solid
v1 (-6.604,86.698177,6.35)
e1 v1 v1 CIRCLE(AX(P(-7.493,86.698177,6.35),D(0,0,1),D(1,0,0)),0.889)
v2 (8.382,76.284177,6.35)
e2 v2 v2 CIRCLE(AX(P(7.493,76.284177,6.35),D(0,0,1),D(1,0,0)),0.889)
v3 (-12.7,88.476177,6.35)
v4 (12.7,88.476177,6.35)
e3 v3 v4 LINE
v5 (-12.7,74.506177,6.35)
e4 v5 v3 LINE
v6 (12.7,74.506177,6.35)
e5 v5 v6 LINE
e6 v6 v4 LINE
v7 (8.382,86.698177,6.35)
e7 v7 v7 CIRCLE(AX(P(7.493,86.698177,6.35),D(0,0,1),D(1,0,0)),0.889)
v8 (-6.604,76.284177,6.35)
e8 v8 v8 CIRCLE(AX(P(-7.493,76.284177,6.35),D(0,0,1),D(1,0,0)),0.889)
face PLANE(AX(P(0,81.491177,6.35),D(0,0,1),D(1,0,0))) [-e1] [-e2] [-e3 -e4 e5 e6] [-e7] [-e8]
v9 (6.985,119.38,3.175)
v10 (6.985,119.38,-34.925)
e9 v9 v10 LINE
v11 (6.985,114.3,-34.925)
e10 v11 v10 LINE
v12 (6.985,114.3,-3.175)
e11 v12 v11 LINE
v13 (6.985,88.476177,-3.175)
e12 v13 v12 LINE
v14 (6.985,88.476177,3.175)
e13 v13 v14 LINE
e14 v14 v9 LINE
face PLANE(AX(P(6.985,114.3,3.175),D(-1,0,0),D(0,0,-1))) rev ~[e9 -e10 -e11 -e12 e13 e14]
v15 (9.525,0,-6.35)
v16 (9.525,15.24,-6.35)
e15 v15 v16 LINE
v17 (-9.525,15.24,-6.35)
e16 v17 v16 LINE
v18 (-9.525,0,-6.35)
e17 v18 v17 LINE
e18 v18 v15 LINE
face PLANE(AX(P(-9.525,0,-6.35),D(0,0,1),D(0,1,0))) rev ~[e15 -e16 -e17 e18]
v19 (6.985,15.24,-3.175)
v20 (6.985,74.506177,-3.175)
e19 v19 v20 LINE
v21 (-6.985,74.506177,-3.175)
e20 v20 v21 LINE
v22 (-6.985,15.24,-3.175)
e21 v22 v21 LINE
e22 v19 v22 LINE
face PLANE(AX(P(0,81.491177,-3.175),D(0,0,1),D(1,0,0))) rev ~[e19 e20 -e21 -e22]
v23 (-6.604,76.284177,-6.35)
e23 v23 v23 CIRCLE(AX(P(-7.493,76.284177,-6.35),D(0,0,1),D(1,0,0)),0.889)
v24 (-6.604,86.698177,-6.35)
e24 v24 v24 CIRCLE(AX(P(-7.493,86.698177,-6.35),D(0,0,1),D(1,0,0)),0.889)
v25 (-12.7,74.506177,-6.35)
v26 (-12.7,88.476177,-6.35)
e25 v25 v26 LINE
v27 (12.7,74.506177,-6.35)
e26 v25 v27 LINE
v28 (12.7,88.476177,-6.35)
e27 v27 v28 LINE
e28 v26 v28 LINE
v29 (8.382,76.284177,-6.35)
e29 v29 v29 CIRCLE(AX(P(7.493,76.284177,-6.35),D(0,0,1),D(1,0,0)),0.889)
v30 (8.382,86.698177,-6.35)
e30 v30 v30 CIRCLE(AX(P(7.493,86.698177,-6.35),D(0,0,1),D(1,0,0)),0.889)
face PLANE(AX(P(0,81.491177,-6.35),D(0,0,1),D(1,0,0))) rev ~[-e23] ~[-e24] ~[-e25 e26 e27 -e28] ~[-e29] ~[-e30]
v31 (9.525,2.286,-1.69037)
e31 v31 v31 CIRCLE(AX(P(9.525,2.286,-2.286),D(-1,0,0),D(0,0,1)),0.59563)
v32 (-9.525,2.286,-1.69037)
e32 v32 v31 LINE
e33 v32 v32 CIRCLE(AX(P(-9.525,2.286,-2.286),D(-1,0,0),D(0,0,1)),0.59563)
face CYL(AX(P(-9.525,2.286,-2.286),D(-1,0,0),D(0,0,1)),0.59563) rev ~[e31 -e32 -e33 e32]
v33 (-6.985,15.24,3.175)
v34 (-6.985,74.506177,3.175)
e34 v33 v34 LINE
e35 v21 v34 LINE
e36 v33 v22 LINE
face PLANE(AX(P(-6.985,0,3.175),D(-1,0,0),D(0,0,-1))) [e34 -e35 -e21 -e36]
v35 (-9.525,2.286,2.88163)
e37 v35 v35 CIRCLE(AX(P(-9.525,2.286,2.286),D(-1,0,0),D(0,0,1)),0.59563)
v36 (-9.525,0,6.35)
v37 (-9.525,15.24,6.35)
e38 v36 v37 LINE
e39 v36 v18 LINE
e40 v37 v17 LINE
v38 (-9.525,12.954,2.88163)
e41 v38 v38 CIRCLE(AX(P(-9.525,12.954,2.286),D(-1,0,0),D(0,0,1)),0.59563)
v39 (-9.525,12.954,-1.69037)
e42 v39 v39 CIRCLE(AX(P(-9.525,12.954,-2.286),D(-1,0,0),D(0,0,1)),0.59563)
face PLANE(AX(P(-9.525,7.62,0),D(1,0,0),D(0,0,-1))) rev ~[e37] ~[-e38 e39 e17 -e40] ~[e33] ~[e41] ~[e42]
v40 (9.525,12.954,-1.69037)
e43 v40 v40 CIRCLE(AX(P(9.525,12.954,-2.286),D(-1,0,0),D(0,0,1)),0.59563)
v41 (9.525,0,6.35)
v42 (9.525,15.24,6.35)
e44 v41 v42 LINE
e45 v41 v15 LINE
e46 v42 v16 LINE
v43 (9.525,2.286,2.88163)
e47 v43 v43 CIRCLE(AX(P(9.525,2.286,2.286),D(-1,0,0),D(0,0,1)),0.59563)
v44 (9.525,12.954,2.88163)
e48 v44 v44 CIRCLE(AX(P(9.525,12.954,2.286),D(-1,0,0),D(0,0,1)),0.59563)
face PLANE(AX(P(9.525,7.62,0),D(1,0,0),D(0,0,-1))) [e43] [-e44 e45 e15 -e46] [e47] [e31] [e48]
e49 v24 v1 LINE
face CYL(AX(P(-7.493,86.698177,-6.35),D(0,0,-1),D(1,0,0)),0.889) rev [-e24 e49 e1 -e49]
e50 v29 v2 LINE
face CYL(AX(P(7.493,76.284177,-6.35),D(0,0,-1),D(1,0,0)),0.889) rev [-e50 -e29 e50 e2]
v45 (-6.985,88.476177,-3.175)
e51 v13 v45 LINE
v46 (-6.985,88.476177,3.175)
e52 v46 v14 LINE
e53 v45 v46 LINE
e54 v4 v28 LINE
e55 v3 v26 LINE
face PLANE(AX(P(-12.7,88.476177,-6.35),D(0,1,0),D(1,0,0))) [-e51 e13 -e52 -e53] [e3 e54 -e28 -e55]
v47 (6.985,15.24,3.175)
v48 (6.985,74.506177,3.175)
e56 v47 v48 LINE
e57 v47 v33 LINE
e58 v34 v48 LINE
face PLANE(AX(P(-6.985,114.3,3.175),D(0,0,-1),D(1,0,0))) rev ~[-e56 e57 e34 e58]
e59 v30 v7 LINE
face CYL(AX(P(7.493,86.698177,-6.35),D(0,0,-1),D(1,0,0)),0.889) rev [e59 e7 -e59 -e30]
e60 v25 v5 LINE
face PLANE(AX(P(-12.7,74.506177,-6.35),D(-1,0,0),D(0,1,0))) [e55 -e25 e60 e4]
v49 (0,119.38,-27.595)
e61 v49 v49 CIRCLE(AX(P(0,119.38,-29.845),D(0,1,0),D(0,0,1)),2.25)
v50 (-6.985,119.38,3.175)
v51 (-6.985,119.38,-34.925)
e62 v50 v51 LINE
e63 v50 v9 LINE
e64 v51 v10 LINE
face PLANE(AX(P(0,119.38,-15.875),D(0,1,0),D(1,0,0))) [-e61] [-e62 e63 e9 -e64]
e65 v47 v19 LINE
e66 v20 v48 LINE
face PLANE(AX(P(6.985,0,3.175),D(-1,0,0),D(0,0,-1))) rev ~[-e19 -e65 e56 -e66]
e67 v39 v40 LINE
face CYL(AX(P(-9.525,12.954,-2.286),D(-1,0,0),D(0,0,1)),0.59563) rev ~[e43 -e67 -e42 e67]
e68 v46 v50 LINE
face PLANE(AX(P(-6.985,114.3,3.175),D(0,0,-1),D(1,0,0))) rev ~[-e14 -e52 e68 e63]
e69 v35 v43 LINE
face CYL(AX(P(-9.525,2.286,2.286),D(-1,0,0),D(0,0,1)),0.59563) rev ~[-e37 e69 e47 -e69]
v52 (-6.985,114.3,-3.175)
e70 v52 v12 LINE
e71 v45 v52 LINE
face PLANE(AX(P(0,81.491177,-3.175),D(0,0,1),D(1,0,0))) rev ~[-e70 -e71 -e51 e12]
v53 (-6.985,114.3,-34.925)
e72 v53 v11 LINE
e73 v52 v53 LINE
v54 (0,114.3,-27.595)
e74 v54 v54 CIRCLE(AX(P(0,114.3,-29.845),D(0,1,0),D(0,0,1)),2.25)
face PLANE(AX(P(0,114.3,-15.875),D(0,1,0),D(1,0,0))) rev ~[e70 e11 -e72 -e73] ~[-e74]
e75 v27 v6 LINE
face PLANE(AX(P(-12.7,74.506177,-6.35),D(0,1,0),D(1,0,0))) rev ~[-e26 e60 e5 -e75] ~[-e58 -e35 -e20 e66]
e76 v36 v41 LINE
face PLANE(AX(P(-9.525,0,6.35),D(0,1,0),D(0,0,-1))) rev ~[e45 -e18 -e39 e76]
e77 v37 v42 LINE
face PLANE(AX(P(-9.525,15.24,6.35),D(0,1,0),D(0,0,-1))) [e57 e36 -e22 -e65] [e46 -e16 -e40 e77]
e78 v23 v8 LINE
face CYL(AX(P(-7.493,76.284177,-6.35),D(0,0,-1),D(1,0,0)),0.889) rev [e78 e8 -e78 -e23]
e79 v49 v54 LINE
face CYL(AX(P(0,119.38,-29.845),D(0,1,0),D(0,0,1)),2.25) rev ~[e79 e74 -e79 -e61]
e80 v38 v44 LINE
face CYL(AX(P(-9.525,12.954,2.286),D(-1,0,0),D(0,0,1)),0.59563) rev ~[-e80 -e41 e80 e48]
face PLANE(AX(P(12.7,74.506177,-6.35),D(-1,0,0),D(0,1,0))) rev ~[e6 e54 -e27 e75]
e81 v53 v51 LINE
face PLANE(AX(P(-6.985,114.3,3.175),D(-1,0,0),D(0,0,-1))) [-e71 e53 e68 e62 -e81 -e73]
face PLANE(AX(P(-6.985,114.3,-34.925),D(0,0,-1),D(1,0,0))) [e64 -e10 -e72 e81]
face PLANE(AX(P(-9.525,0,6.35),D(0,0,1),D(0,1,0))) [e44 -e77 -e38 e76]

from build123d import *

# Parameters (mm, degrees)
SKETCH1_W                = 13.97
SKETCH1_H                = 6.35
BOSS_EXTRUDE1_DEPTH      = 114.3
SKETCH3_W                = 25.4
SKETCH3_H                = 13.97
BOSS_EXTRUDE3_DEPTH      = 6.35
BOSS_EXTRUDE5_DEPTH      = 9.525
BOSS_EXTRUDE5_DEPTH_BACK = 9.525
SKETCH5_W                = 12.7
SKETCH5_H                = 15.24
SKETCH6_W                = 13.97
SKETCH6_H                = 38.1
BOSS_EXTRUDE6_DEPTH      = 5.08
SKETCH7_R                = 2.25
CUT_EXTRUDE1_DEPTH       = 5.08
SKETCH8_R                = 0.59563
CUT_EXTRUDE2_DEPTH       = 127.353831165
SKETCH9_R                = 0.889
CUT_EXTRUDE3_DEPTH       = 126.954294885
BOSS_EXTRUDE7_DEPTH      = 6.35
BOSS_EXTRUDE7_DEPTH_BACK = 6.35
SKETCH10_W               = 25.4
SKETCH10_H               = 13.97
SKETCH10_R               = 0.889


with BuildPart() as part:
    # Sketch1 → Boss-Extrude1 (new body)
    with BuildSketch(Plane(origin=(0, 0, 0), x_dir=(1, 0, 0), z_dir=(0, 1, 0))):
        Rectangle(SKETCH1_W, SKETCH1_H)
    extrude(amount=BOSS_EXTRUDE1_DEPTH)

    # Sketch3 → Boss-Extrude3 (add)
    with BuildSketch(Plane.XY.offset(3.175)):
        with Locations((0, 81.491176781)):
            Rectangle(SKETCH3_W, SKETCH3_H)
    extrude(amount=-BOSS_EXTRUDE3_DEPTH)

    # Sketch5 → Boss-Extrude5 (add, two sides: drawn at the far end of the back side and taken through both)
    with BuildSketch(Plane(origin=(0, 0, 0), x_dir=(0, 0, -1), z_dir=(1, 0, 0)).offset(-BOSS_EXTRUDE5_DEPTH_BACK)):
        with Locations((0, 7.62)):
            Rectangle(SKETCH5_W, SKETCH5_H)
    extrude(amount=BOSS_EXTRUDE5_DEPTH + BOSS_EXTRUDE5_DEPTH_BACK)

    # Sketch6 → Boss-Extrude6 (add)
    with BuildSketch(Plane(origin=(0, 114.3, 0), x_dir=(1, 0, 0), z_dir=(0, 1, 0))):
        with Locations((0, 15.875)):
            Rectangle(SKETCH6_W, SKETCH6_H)
    extrude(amount=BOSS_EXTRUDE6_DEPTH)

    # Sketch7 → Cut-Extrude1 (cut)
    with BuildSketch(Plane(origin=(0, 119.38, 0), x_dir=(1, 0, 0), z_dir=(0, 1, 0))):
        with Locations(Location((0, 29.845, 0), (0, 0, 270))):
            Circle(SKETCH7_R)
    extrude(amount=-CUT_EXTRUDE1_DEPTH, mode=Mode.SUBTRACT)

    # Sketch8 → Cut-Extrude2 (cut, through all)
    with BuildSketch(Plane.ZY.offset(9.525)):
        with Locations((-2.286, 12.954)):
            Circle(SKETCH8_R)
        with Locations((2.286, 12.954)):
            Circle(SKETCH8_R)
        with Locations((2.286, 2.286)):
            Circle(SKETCH8_R)
        with Locations((-2.286, 2.286)):
            Circle(SKETCH8_R)
    extrude(amount=-CUT_EXTRUDE2_DEPTH, mode=Mode.SUBTRACT)

    # Sketch9 → Cut-Extrude3 (cut, through all)
    with BuildSketch(Plane.XY.offset(3.175)):
        with Locations((-7.493, 86.698176781)):
            Circle(SKETCH9_R)
        with Locations((7.493, 86.698176781)):
            Circle(SKETCH9_R)
        with Locations((7.493, 76.284176781)):
            Circle(SKETCH9_R)
        with Locations((-7.493, 76.284176781)):
            Circle(SKETCH9_R)
    extrude(amount=-CUT_EXTRUDE3_DEPTH, mode=Mode.SUBTRACT)

    # Sketch10 → Boss-Extrude7 (add, two sides: drawn at the far end of the back side and taken through both)
    with BuildSketch(Plane.XY.offset(-BOSS_EXTRUDE7_DEPTH_BACK)):
        with Locations((0, 81.491176781)):
            Rectangle(SKETCH10_W, SKETCH10_H)
        with Locations((-7.493, 86.698176781)):
            Circle(SKETCH10_R, mode=Mode.SUBTRACT)
        with Locations((-7.493, 76.284176781)):
            Circle(SKETCH10_R, mode=Mode.SUBTRACT)
        with Locations((7.493, 76.284176781)):
            Circle(SKETCH10_R, mode=Mode.SUBTRACT)
        with Locations((7.493, 86.698176781)):
            Circle(SKETCH10_R, mode=Mode.SUBTRACT)
    extrude(amount=BOSS_EXTRUDE7_DEPTH + BOSS_EXTRUDE7_DEPTH_BACK)


solid = part.part
